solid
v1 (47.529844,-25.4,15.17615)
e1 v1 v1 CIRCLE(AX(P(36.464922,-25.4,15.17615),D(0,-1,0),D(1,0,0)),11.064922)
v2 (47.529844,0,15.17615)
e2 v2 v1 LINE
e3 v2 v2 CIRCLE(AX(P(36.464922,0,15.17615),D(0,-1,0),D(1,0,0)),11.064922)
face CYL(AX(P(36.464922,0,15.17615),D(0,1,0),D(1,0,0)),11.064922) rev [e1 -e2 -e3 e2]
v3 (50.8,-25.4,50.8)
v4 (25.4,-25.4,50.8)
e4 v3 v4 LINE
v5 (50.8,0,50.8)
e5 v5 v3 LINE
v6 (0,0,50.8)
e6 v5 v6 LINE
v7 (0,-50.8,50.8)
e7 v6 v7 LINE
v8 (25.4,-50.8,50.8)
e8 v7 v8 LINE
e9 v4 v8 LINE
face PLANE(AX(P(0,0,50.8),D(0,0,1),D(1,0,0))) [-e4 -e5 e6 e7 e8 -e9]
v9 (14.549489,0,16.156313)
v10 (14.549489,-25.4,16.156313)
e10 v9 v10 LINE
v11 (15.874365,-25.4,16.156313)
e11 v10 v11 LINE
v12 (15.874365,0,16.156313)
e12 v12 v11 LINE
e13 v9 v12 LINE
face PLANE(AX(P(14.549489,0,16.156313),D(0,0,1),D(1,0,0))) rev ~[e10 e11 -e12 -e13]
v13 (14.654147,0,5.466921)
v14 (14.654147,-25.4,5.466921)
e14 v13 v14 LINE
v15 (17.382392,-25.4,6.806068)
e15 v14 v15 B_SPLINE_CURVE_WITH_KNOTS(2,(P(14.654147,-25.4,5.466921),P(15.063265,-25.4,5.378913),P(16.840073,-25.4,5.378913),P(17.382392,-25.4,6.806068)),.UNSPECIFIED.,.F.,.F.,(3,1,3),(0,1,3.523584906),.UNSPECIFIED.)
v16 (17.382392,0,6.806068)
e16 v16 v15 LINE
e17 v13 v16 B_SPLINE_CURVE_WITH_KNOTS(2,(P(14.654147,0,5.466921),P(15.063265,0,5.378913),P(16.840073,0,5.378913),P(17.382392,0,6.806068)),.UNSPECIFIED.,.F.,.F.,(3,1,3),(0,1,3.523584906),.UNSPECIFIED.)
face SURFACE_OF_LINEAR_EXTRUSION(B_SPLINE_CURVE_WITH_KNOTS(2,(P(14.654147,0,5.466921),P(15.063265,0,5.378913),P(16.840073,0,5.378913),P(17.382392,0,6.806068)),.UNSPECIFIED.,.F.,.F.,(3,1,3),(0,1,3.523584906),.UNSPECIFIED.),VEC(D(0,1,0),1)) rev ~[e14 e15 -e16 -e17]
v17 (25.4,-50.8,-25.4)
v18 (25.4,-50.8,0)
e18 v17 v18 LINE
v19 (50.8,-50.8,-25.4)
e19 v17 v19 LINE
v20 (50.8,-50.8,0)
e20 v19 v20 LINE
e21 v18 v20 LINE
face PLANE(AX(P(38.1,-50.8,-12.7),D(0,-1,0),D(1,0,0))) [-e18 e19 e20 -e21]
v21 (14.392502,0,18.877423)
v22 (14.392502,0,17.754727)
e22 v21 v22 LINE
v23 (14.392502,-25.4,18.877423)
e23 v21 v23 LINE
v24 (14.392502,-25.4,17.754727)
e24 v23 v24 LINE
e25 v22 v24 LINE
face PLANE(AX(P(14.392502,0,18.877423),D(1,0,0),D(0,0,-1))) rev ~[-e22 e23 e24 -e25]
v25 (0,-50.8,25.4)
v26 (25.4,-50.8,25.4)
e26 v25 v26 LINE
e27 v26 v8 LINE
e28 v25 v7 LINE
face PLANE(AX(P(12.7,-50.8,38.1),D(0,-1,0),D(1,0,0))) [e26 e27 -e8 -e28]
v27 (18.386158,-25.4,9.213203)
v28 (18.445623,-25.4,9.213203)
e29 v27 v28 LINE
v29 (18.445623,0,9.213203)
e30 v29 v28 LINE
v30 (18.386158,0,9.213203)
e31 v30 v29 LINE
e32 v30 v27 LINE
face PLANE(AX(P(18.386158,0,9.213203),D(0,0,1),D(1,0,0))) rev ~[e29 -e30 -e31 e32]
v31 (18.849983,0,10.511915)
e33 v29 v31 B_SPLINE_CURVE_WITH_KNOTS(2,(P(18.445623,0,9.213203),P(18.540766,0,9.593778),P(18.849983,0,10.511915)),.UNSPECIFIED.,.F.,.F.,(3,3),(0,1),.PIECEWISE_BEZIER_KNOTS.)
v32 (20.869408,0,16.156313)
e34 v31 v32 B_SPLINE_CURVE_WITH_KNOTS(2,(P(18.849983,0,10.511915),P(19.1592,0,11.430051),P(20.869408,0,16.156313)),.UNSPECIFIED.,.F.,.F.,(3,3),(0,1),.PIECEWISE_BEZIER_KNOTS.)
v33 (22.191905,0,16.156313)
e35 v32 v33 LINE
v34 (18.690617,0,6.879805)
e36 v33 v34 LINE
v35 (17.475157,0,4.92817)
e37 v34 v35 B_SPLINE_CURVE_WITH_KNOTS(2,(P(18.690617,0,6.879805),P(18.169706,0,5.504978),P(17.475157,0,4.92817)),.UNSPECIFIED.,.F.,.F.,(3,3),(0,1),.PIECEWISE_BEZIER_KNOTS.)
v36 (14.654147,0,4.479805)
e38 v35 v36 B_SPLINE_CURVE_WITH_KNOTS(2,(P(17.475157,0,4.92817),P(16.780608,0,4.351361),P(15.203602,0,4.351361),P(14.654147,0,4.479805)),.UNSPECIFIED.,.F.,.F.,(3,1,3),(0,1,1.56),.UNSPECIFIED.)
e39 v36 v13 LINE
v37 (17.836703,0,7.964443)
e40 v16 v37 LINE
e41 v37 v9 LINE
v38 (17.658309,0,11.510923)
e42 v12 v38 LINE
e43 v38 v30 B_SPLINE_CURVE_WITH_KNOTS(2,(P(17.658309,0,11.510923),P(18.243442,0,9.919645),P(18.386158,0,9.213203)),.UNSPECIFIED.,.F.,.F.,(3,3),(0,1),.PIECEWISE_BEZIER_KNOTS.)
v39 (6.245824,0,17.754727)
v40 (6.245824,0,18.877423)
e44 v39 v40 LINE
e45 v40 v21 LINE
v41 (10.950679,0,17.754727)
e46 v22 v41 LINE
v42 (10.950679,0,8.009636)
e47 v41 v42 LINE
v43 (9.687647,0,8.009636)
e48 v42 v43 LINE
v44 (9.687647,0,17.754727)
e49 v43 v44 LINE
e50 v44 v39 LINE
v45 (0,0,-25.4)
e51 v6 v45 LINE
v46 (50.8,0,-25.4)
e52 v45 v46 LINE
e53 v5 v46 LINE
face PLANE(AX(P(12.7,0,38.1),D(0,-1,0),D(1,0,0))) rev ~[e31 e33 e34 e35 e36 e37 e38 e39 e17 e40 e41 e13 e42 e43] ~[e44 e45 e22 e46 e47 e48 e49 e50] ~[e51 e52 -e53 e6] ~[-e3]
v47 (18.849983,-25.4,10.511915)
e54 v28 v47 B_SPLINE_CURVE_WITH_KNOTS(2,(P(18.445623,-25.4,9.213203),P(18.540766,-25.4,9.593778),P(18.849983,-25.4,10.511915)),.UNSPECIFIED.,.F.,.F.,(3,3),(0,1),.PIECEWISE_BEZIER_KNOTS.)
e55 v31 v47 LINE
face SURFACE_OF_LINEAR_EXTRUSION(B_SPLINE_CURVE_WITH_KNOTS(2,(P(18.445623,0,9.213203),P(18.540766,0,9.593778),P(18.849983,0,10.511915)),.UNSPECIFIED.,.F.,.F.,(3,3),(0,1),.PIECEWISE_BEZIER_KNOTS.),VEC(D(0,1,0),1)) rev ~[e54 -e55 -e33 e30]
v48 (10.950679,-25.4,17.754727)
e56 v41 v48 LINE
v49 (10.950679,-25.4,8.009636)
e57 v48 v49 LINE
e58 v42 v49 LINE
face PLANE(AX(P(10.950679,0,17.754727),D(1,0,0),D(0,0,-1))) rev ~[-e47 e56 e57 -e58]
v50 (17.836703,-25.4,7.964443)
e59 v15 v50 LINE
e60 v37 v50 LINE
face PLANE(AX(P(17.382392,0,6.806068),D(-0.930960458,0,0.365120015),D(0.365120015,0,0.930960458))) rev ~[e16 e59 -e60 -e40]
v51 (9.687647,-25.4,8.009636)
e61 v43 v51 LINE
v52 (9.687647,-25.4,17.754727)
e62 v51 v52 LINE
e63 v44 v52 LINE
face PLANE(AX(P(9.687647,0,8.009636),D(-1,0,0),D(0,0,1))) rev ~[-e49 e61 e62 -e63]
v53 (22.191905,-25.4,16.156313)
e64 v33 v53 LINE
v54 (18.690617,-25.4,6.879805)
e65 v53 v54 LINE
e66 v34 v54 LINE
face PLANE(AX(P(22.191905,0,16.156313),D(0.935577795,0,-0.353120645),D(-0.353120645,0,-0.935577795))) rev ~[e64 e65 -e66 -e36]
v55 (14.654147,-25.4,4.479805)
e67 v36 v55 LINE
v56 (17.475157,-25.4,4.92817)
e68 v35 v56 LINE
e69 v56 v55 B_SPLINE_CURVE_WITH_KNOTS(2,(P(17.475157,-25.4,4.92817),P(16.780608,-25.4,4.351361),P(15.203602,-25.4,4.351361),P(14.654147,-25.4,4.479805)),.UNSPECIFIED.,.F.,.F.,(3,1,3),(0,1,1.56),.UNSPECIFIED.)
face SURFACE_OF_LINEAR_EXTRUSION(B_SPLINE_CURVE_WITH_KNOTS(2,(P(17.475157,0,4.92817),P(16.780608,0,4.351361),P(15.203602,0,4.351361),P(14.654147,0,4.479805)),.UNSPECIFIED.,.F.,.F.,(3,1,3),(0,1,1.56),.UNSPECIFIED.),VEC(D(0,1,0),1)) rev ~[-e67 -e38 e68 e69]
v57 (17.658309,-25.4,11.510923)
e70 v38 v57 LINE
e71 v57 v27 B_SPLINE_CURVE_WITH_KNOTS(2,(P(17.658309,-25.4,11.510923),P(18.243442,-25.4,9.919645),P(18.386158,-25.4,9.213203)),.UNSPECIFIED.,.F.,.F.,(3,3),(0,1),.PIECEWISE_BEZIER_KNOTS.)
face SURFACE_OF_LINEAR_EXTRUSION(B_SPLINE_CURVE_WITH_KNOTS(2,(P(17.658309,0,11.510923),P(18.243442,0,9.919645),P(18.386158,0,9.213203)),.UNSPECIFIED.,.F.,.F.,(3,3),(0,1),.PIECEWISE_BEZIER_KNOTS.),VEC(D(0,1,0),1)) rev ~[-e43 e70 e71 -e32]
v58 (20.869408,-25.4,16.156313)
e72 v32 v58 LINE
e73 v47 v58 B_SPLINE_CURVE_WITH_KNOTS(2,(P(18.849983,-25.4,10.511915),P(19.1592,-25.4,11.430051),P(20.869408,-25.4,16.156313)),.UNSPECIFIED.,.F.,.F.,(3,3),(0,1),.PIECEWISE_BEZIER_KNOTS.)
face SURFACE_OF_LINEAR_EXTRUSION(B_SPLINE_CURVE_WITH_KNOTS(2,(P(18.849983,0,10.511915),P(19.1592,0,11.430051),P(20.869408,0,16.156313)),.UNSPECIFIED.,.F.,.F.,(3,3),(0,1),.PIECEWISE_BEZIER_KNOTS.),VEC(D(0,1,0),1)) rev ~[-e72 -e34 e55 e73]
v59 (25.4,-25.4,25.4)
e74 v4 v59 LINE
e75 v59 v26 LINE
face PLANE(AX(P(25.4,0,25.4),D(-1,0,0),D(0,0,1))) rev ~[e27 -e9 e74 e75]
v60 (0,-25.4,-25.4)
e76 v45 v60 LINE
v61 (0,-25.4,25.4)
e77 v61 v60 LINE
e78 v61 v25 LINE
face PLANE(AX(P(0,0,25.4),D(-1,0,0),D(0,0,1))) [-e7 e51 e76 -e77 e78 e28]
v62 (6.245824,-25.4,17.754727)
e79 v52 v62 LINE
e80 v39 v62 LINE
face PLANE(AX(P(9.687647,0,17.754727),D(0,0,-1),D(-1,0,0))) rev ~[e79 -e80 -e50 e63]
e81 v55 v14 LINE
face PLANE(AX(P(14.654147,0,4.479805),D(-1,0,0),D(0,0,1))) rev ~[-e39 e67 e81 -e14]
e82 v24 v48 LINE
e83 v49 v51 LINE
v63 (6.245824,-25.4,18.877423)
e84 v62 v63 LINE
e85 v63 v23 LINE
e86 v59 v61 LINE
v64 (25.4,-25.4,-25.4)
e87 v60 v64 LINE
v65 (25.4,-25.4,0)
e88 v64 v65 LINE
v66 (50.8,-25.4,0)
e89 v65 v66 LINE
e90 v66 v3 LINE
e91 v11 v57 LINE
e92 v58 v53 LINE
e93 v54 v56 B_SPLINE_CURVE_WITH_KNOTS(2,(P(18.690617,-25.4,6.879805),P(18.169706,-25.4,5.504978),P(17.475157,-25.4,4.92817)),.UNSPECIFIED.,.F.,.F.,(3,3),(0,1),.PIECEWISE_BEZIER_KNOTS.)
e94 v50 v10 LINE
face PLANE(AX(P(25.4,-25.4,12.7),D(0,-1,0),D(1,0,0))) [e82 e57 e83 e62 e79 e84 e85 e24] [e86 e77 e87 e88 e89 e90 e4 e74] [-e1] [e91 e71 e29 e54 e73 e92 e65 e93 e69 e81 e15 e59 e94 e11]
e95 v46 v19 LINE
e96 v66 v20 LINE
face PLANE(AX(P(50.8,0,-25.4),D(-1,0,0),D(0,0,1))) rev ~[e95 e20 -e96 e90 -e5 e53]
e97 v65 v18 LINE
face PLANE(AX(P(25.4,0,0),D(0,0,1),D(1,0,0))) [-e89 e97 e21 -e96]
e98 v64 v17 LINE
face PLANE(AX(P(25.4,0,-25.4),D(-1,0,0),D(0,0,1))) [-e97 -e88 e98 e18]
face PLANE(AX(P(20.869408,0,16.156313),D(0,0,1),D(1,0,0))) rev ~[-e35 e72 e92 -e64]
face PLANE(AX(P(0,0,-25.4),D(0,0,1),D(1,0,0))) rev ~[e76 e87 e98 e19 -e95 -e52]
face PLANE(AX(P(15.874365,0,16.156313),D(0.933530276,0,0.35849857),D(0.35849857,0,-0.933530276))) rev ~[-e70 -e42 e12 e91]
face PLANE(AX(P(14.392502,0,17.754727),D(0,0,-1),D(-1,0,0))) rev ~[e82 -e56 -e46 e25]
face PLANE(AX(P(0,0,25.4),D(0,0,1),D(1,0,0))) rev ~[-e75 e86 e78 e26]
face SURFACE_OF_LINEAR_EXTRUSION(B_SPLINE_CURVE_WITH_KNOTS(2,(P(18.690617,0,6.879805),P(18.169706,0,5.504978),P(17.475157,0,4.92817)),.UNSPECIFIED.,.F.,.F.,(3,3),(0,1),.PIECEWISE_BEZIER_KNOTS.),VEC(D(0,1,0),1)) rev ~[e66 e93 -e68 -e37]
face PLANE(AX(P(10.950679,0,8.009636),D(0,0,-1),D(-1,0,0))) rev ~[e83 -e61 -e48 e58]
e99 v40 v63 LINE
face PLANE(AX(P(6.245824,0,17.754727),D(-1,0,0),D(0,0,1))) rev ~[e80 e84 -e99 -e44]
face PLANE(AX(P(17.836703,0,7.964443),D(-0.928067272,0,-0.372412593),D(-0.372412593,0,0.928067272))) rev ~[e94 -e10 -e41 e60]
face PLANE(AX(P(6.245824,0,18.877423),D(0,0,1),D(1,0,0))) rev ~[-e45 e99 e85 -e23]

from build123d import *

# Parameters (mm, degrees)
F0_W     = 25.4
F0_H     = 25.4
F1_DEPTH = 50.8
F2_R     = 11.0649221301
F3_DEPTH = 25.4
F4_W     = 25.4
F4_H     = 25.4
F5_DEPTH = 50.8


with BuildPart() as f1:
    # F0 (on Front) → F1 (new body)
    with BuildSketch(Plane.XZ):
        with Locations((38.1, -12.7)):
            Rectangle(F0_W, F0_H)
    extrude(amount=F1_DEPTH)

    # F2 (on Front) → F3 (join)
    with BuildSketch(Plane.XZ):
        Polygon((0, 0), (0, -25.4), (25.4, -25.4), (25.4, 0), (50.8, 0), (50.8, 25.4), (50.8, 50.8), (25.4, 50.8), (25.4, 25.4), (0, 25.4), align=None)
        with BuildLine():
            Line((17.8367029688, 7.9644425954), (14.5494888325, 16.1563134241))
            Line((14.5494888325, 16.1563134241), (15.8743645734, 16.1563134241))
            Line((15.8743645734, 16.1563134241), (17.6583085692, 11.5109232591))
            add(Edge.make_bspline(
                [(17.6583085692, 11.5109232591), (18.2434421998, 9.9196452148), (18.3861577195, 9.2132033925)],
                knots=[0, 0, 0, 1, 1, 1], degree=2))
            Line((18.3861577195, 9.2132033925), (18.4456225193, 9.2132033925))
            add(Edge.make_bspline(
                [(18.4456225193, 9.2132033925), (18.5407661991, 9.5937781116), (18.8499831584, 10.5119146214)],
                knots=[0, 0, 0, 1, 1, 1], degree=2))
            add(Edge.make_bspline(
                [(18.8499831584, 10.5119146214), (19.1592001176, 11.4300511313), (20.8694077616, 16.1563134241)],
                knots=[0, 0, 0, 1, 1, 1], degree=2))
            Line((20.8694077616, 16.1563134241), (22.1919049105, 16.1563134241))
            Line((22.1919049105, 16.1563134241), (18.6906174947, 6.879804646))
            add(Edge.make_bspline(
                [(18.6906174947, 6.879804646), (18.169705848, 5.5049784733), (17.4751569856, 4.9281699146)],
                knots=[0, 0, 0, 1, 1, 1], degree=2))
            add(Edge.make_bspline(
                [(17.4751569856, 4.9281699146), (16.7806081233, 4.351361356), (15.7697065256, 4.351361356)],
                knots=[0, 0, 0, 1, 1, 1], degree=2))
            add(Edge.make_bspline(
                [(15.7697065256, 4.351361356), (15.203601631, 4.351361356), (14.6541468803, 4.4798053237)],
                knots=[0, 0, 0, 1, 1, 1], degree=2))
            Line((14.6541468803, 4.4798053237), (14.6541468803, 5.4669210013))
            add(Edge.make_bspline(
                [(14.6541468803, 5.4669210013), (15.0632647033, 5.3789130976), (15.5675262061, 5.3789130976)],
                knots=[0, 0, 0, 1, 1, 1], degree=2))
            add(Edge.make_bspline(
                [(15.5675262061, 5.3789130976), (16.8400729231, 5.3789130976), (17.3823918978, 6.8060682942)],
                knots=[0, 0, 0, 1, 1, 1], degree=2))
            Line((17.3823918978, 6.8060682942), (17.8367029688, 7.9644425954))
        make_face(mode=Mode.SUBTRACT)
        Polygon((10.950679145, 17.7547272443), (10.950679145, 8.0096358433), (9.687646796, 8.0096358433), (9.687646796, 17.7547272443), (6.2458241801, 17.7547272443), (6.2458241801, 18.8774226657), (14.3925017609, 18.8774226657), (14.3925017609, 17.7547272443), align=None, mode=Mode.SUBTRACT)
        with Locations((36.4649221301, 15.1761500165)):
            Circle(F2_R, mode=Mode.SUBTRACT)
    extrude(amount=F3_DEPTH)

    # F4 (on Front) → F5 (join)
    with BuildSketch(Plane.XZ):
        with Locations((12.7, 38.1)):
            Rectangle(F4_W, F4_H)
    extrude(amount=F5_DEPTH)


solid = f1.part
